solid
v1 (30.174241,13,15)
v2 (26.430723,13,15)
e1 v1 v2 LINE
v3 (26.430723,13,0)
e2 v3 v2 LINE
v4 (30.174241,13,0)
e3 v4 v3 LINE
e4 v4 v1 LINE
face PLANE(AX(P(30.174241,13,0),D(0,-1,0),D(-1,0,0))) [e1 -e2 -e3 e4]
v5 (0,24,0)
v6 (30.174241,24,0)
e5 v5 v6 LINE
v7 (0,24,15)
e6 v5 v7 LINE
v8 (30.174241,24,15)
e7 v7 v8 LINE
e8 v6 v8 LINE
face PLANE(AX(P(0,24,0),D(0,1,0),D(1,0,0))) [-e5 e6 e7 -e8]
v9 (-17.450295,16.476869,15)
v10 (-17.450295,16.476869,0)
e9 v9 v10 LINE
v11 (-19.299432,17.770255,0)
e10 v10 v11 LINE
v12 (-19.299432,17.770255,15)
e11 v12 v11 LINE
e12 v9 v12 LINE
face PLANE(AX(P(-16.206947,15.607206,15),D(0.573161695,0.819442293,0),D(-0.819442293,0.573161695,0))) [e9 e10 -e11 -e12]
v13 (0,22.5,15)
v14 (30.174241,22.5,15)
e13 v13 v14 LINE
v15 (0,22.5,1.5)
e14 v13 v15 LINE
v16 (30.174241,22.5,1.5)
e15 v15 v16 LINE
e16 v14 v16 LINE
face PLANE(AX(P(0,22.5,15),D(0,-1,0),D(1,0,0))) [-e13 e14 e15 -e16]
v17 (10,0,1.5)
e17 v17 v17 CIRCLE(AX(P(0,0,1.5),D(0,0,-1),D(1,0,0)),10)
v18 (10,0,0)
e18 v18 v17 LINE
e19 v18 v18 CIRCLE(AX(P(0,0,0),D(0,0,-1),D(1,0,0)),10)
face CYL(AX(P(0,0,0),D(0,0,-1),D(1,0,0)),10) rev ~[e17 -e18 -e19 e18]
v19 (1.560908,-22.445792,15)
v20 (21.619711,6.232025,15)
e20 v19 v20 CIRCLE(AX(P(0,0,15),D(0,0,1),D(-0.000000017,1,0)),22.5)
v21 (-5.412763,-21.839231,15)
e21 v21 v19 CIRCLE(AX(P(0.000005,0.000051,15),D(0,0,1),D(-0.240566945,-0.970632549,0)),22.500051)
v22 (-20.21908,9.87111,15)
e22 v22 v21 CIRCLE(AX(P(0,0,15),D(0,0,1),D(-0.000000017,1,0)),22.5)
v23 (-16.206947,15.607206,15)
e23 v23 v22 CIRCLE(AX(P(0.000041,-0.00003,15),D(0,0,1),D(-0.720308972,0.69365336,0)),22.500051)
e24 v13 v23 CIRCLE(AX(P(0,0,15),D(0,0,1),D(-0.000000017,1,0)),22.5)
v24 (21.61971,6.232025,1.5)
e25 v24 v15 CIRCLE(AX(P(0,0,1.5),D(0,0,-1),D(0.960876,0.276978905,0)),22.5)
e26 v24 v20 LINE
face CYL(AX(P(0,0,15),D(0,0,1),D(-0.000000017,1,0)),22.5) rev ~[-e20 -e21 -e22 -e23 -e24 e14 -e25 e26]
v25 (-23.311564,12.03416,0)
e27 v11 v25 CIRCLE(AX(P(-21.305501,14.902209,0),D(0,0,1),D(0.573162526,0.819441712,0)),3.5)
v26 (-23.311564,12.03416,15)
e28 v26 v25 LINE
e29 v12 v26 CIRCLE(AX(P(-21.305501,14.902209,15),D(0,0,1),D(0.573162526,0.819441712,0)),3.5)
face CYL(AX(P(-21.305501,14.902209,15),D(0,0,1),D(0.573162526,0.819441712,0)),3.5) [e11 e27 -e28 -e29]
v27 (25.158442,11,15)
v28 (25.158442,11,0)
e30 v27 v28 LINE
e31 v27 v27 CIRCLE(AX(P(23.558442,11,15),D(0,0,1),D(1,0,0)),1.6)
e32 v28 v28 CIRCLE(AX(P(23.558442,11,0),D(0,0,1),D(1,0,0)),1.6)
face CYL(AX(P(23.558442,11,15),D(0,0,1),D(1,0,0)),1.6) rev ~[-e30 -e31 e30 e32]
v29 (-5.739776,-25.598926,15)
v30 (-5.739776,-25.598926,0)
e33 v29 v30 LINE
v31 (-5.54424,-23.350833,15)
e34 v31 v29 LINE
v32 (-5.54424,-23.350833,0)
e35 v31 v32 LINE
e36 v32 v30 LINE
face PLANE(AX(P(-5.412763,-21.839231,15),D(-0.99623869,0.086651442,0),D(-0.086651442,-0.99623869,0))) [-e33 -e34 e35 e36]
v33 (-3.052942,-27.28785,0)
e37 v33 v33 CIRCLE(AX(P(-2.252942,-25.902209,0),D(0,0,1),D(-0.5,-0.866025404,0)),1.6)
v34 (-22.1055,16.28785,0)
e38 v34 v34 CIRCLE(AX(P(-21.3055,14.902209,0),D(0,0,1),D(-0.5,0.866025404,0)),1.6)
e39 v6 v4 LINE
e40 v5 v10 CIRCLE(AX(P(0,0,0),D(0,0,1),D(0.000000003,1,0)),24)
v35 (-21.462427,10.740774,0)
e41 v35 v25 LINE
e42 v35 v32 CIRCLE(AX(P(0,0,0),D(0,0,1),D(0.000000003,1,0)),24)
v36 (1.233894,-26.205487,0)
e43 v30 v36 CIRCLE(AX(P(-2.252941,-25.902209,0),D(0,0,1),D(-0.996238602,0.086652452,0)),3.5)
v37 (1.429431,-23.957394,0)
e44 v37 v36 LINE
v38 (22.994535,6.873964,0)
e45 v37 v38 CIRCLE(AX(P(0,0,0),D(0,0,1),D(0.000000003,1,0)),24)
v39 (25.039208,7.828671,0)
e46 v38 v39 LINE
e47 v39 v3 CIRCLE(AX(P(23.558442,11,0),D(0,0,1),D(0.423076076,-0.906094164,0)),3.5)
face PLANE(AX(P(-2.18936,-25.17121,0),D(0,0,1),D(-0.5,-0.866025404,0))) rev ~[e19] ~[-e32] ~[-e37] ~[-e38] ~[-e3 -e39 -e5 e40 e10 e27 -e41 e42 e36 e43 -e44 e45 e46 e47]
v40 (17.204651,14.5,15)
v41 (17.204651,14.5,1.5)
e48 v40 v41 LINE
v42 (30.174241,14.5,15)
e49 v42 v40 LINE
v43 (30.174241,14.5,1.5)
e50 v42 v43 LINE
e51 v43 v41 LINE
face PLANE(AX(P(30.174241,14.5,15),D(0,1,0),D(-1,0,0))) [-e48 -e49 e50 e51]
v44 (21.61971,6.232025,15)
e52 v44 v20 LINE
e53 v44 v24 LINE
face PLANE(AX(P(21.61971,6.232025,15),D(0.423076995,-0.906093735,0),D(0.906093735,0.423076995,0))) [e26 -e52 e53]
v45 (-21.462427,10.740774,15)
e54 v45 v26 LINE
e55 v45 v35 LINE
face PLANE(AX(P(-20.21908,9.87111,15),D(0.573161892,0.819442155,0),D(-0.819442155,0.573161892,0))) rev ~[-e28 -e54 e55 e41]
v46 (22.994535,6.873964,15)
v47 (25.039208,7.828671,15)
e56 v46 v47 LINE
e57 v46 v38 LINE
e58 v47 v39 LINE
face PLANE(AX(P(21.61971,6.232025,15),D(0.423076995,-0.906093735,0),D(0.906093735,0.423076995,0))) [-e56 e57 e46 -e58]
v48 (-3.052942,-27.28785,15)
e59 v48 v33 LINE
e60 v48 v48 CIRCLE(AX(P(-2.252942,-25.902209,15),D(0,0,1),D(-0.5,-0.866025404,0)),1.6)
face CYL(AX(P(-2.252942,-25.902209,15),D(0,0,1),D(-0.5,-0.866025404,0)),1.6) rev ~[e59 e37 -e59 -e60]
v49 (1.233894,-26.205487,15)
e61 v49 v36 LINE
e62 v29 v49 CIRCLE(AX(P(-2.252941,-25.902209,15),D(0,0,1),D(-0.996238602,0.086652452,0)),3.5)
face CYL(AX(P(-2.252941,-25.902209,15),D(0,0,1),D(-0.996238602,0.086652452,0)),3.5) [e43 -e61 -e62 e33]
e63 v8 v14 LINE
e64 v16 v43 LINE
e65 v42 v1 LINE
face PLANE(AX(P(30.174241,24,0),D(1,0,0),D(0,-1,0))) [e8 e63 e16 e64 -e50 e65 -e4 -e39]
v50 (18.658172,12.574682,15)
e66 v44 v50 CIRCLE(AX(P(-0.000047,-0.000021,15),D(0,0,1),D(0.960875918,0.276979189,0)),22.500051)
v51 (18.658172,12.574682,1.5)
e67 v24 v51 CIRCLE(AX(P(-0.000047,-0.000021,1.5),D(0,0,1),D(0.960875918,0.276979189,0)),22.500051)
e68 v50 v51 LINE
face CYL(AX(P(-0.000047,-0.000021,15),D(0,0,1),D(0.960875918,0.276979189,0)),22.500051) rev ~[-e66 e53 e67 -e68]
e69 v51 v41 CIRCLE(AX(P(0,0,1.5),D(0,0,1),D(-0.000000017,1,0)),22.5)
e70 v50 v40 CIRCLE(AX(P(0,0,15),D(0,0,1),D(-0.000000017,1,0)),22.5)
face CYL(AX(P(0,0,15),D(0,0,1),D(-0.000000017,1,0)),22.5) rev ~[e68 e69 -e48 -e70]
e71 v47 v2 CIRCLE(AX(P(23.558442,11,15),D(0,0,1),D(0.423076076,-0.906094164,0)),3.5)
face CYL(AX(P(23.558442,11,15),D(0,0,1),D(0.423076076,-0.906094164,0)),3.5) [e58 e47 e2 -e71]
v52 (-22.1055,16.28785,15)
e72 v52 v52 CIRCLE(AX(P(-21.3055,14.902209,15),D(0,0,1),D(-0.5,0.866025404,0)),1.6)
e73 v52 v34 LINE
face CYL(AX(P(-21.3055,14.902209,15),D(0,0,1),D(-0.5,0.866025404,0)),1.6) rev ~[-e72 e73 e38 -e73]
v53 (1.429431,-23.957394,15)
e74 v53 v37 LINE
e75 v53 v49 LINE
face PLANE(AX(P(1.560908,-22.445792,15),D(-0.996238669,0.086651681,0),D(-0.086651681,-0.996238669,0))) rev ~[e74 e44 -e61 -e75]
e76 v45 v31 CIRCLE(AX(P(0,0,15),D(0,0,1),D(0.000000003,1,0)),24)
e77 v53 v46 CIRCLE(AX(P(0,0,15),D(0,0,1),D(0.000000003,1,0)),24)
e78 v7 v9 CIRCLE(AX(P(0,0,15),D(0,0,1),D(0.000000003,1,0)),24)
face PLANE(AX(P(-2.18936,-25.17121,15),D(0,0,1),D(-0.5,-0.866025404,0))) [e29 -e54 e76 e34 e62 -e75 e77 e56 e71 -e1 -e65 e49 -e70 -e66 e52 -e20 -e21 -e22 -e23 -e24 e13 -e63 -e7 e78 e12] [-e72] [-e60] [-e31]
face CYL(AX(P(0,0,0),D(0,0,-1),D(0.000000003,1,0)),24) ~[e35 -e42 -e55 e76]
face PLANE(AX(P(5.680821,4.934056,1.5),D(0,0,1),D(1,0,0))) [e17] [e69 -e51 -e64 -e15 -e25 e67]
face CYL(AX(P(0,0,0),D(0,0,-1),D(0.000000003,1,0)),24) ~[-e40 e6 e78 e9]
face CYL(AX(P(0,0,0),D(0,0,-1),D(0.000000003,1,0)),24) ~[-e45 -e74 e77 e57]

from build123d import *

# Parameters (mm, degrees)
PAD_DEPTH             = 15
POCKET_DEPTH          = 13.5
PAD001_DEPTH          = 15
POLARPATTERN_COUNT    = 3
SKETCH008_R           = 1.6
POCKET001_DEPTH       = 15
POLARPATTERN001_COUNT = 3
SKETCH009_R           = 10
POCKET002_DEPTH       = 5


with BuildPart() as part:
    # Sketch → Pad (new body)
    with BuildSketch(Plane.XY):
        with BuildLine():
            ThreePointArc((0, 24), (-11.489125, -21.071308), (20.174241, 13))
            Line((30.174241, 13), (20.174241, 13))
            Line((30.174241, 24), (30.174241, 13))
            Line((0, 24), (30.174241, 24))
        make_face()
    extrude(amount=PAD_DEPTH)

    # Sketch001 → Pocket (cut)
    with BuildSketch(Plane.XY.offset(15)):
        with BuildLine():
            ThreePointArc((0, 22.5), (-9.486833, -20.402206), (17.204651, 14.5))
            Line((30.174241, 14.5), (17.204651, 14.5))
            Line((30.174241, 22.5), (30.174241, 14.5))
            Line((0, 22.5), (30.174241, 22.5))
        make_face()
    extrude(amount=-POCKET_DEPTH, mode=Mode.SUBTRACT)

    # Sketch007 → Pad001 (new body)
    with BuildSketch(Plane.XY.offset(15)):
        with BuildLine():
            ThreePointArc((25.039208, 7.828671), (26.72977, 12.480769), (22.07767, 14.171327))
            Line((18.658172, 12.574682), (22.07767, 14.171327))
            ThreePointArc((21.61971, 6.232025), (20.38711, 9.519229), (18.658172, 12.574682))
            Line((21.61971, 6.232025), (25.039208, 7.828671))
        make_face()
    pad001 = extrude(amount=-PAD001_DEPTH)

    # PolarPattern: Pad001 ×3 about axis
    polarpattern_axis = Axis((0, 0, 15), (0, 0, 1))
    for i in range(1, POLARPATTERN_COUNT):
        add(pad001.rotate(polarpattern_axis, i * 360 / POLARPATTERN_COUNT))

    # Sketch008 → Pocket001 (cut)
    with BuildSketch(Plane.XY.offset(15)):
        with Locations((23.558442, 11)):
            Circle(SKETCH008_R)
    pocket001 = extrude(amount=-POCKET001_DEPTH, mode=Mode.SUBTRACT)

    # PolarPattern001: Pocket001 ×3 about axis
    polarpattern001_axis = Axis((0, 0, 15), (0, 0, 1))
    for i in range(1, POLARPATTERN001_COUNT):
        add(pocket001.rotate(polarpattern001_axis, i * 360 / POLARPATTERN001_COUNT), mode=Mode.SUBTRACT)

    # Sketch009 → Pocket002 (cut)
    with BuildSketch(Plane(origin=(0, 0, 0), x_dir=(1, 0, 0), z_dir=(0, 0, -1))):
        Circle(SKETCH009_R)
    extrude(amount=-POCKET002_DEPTH, mode=Mode.SUBTRACT)


solid = part.part
